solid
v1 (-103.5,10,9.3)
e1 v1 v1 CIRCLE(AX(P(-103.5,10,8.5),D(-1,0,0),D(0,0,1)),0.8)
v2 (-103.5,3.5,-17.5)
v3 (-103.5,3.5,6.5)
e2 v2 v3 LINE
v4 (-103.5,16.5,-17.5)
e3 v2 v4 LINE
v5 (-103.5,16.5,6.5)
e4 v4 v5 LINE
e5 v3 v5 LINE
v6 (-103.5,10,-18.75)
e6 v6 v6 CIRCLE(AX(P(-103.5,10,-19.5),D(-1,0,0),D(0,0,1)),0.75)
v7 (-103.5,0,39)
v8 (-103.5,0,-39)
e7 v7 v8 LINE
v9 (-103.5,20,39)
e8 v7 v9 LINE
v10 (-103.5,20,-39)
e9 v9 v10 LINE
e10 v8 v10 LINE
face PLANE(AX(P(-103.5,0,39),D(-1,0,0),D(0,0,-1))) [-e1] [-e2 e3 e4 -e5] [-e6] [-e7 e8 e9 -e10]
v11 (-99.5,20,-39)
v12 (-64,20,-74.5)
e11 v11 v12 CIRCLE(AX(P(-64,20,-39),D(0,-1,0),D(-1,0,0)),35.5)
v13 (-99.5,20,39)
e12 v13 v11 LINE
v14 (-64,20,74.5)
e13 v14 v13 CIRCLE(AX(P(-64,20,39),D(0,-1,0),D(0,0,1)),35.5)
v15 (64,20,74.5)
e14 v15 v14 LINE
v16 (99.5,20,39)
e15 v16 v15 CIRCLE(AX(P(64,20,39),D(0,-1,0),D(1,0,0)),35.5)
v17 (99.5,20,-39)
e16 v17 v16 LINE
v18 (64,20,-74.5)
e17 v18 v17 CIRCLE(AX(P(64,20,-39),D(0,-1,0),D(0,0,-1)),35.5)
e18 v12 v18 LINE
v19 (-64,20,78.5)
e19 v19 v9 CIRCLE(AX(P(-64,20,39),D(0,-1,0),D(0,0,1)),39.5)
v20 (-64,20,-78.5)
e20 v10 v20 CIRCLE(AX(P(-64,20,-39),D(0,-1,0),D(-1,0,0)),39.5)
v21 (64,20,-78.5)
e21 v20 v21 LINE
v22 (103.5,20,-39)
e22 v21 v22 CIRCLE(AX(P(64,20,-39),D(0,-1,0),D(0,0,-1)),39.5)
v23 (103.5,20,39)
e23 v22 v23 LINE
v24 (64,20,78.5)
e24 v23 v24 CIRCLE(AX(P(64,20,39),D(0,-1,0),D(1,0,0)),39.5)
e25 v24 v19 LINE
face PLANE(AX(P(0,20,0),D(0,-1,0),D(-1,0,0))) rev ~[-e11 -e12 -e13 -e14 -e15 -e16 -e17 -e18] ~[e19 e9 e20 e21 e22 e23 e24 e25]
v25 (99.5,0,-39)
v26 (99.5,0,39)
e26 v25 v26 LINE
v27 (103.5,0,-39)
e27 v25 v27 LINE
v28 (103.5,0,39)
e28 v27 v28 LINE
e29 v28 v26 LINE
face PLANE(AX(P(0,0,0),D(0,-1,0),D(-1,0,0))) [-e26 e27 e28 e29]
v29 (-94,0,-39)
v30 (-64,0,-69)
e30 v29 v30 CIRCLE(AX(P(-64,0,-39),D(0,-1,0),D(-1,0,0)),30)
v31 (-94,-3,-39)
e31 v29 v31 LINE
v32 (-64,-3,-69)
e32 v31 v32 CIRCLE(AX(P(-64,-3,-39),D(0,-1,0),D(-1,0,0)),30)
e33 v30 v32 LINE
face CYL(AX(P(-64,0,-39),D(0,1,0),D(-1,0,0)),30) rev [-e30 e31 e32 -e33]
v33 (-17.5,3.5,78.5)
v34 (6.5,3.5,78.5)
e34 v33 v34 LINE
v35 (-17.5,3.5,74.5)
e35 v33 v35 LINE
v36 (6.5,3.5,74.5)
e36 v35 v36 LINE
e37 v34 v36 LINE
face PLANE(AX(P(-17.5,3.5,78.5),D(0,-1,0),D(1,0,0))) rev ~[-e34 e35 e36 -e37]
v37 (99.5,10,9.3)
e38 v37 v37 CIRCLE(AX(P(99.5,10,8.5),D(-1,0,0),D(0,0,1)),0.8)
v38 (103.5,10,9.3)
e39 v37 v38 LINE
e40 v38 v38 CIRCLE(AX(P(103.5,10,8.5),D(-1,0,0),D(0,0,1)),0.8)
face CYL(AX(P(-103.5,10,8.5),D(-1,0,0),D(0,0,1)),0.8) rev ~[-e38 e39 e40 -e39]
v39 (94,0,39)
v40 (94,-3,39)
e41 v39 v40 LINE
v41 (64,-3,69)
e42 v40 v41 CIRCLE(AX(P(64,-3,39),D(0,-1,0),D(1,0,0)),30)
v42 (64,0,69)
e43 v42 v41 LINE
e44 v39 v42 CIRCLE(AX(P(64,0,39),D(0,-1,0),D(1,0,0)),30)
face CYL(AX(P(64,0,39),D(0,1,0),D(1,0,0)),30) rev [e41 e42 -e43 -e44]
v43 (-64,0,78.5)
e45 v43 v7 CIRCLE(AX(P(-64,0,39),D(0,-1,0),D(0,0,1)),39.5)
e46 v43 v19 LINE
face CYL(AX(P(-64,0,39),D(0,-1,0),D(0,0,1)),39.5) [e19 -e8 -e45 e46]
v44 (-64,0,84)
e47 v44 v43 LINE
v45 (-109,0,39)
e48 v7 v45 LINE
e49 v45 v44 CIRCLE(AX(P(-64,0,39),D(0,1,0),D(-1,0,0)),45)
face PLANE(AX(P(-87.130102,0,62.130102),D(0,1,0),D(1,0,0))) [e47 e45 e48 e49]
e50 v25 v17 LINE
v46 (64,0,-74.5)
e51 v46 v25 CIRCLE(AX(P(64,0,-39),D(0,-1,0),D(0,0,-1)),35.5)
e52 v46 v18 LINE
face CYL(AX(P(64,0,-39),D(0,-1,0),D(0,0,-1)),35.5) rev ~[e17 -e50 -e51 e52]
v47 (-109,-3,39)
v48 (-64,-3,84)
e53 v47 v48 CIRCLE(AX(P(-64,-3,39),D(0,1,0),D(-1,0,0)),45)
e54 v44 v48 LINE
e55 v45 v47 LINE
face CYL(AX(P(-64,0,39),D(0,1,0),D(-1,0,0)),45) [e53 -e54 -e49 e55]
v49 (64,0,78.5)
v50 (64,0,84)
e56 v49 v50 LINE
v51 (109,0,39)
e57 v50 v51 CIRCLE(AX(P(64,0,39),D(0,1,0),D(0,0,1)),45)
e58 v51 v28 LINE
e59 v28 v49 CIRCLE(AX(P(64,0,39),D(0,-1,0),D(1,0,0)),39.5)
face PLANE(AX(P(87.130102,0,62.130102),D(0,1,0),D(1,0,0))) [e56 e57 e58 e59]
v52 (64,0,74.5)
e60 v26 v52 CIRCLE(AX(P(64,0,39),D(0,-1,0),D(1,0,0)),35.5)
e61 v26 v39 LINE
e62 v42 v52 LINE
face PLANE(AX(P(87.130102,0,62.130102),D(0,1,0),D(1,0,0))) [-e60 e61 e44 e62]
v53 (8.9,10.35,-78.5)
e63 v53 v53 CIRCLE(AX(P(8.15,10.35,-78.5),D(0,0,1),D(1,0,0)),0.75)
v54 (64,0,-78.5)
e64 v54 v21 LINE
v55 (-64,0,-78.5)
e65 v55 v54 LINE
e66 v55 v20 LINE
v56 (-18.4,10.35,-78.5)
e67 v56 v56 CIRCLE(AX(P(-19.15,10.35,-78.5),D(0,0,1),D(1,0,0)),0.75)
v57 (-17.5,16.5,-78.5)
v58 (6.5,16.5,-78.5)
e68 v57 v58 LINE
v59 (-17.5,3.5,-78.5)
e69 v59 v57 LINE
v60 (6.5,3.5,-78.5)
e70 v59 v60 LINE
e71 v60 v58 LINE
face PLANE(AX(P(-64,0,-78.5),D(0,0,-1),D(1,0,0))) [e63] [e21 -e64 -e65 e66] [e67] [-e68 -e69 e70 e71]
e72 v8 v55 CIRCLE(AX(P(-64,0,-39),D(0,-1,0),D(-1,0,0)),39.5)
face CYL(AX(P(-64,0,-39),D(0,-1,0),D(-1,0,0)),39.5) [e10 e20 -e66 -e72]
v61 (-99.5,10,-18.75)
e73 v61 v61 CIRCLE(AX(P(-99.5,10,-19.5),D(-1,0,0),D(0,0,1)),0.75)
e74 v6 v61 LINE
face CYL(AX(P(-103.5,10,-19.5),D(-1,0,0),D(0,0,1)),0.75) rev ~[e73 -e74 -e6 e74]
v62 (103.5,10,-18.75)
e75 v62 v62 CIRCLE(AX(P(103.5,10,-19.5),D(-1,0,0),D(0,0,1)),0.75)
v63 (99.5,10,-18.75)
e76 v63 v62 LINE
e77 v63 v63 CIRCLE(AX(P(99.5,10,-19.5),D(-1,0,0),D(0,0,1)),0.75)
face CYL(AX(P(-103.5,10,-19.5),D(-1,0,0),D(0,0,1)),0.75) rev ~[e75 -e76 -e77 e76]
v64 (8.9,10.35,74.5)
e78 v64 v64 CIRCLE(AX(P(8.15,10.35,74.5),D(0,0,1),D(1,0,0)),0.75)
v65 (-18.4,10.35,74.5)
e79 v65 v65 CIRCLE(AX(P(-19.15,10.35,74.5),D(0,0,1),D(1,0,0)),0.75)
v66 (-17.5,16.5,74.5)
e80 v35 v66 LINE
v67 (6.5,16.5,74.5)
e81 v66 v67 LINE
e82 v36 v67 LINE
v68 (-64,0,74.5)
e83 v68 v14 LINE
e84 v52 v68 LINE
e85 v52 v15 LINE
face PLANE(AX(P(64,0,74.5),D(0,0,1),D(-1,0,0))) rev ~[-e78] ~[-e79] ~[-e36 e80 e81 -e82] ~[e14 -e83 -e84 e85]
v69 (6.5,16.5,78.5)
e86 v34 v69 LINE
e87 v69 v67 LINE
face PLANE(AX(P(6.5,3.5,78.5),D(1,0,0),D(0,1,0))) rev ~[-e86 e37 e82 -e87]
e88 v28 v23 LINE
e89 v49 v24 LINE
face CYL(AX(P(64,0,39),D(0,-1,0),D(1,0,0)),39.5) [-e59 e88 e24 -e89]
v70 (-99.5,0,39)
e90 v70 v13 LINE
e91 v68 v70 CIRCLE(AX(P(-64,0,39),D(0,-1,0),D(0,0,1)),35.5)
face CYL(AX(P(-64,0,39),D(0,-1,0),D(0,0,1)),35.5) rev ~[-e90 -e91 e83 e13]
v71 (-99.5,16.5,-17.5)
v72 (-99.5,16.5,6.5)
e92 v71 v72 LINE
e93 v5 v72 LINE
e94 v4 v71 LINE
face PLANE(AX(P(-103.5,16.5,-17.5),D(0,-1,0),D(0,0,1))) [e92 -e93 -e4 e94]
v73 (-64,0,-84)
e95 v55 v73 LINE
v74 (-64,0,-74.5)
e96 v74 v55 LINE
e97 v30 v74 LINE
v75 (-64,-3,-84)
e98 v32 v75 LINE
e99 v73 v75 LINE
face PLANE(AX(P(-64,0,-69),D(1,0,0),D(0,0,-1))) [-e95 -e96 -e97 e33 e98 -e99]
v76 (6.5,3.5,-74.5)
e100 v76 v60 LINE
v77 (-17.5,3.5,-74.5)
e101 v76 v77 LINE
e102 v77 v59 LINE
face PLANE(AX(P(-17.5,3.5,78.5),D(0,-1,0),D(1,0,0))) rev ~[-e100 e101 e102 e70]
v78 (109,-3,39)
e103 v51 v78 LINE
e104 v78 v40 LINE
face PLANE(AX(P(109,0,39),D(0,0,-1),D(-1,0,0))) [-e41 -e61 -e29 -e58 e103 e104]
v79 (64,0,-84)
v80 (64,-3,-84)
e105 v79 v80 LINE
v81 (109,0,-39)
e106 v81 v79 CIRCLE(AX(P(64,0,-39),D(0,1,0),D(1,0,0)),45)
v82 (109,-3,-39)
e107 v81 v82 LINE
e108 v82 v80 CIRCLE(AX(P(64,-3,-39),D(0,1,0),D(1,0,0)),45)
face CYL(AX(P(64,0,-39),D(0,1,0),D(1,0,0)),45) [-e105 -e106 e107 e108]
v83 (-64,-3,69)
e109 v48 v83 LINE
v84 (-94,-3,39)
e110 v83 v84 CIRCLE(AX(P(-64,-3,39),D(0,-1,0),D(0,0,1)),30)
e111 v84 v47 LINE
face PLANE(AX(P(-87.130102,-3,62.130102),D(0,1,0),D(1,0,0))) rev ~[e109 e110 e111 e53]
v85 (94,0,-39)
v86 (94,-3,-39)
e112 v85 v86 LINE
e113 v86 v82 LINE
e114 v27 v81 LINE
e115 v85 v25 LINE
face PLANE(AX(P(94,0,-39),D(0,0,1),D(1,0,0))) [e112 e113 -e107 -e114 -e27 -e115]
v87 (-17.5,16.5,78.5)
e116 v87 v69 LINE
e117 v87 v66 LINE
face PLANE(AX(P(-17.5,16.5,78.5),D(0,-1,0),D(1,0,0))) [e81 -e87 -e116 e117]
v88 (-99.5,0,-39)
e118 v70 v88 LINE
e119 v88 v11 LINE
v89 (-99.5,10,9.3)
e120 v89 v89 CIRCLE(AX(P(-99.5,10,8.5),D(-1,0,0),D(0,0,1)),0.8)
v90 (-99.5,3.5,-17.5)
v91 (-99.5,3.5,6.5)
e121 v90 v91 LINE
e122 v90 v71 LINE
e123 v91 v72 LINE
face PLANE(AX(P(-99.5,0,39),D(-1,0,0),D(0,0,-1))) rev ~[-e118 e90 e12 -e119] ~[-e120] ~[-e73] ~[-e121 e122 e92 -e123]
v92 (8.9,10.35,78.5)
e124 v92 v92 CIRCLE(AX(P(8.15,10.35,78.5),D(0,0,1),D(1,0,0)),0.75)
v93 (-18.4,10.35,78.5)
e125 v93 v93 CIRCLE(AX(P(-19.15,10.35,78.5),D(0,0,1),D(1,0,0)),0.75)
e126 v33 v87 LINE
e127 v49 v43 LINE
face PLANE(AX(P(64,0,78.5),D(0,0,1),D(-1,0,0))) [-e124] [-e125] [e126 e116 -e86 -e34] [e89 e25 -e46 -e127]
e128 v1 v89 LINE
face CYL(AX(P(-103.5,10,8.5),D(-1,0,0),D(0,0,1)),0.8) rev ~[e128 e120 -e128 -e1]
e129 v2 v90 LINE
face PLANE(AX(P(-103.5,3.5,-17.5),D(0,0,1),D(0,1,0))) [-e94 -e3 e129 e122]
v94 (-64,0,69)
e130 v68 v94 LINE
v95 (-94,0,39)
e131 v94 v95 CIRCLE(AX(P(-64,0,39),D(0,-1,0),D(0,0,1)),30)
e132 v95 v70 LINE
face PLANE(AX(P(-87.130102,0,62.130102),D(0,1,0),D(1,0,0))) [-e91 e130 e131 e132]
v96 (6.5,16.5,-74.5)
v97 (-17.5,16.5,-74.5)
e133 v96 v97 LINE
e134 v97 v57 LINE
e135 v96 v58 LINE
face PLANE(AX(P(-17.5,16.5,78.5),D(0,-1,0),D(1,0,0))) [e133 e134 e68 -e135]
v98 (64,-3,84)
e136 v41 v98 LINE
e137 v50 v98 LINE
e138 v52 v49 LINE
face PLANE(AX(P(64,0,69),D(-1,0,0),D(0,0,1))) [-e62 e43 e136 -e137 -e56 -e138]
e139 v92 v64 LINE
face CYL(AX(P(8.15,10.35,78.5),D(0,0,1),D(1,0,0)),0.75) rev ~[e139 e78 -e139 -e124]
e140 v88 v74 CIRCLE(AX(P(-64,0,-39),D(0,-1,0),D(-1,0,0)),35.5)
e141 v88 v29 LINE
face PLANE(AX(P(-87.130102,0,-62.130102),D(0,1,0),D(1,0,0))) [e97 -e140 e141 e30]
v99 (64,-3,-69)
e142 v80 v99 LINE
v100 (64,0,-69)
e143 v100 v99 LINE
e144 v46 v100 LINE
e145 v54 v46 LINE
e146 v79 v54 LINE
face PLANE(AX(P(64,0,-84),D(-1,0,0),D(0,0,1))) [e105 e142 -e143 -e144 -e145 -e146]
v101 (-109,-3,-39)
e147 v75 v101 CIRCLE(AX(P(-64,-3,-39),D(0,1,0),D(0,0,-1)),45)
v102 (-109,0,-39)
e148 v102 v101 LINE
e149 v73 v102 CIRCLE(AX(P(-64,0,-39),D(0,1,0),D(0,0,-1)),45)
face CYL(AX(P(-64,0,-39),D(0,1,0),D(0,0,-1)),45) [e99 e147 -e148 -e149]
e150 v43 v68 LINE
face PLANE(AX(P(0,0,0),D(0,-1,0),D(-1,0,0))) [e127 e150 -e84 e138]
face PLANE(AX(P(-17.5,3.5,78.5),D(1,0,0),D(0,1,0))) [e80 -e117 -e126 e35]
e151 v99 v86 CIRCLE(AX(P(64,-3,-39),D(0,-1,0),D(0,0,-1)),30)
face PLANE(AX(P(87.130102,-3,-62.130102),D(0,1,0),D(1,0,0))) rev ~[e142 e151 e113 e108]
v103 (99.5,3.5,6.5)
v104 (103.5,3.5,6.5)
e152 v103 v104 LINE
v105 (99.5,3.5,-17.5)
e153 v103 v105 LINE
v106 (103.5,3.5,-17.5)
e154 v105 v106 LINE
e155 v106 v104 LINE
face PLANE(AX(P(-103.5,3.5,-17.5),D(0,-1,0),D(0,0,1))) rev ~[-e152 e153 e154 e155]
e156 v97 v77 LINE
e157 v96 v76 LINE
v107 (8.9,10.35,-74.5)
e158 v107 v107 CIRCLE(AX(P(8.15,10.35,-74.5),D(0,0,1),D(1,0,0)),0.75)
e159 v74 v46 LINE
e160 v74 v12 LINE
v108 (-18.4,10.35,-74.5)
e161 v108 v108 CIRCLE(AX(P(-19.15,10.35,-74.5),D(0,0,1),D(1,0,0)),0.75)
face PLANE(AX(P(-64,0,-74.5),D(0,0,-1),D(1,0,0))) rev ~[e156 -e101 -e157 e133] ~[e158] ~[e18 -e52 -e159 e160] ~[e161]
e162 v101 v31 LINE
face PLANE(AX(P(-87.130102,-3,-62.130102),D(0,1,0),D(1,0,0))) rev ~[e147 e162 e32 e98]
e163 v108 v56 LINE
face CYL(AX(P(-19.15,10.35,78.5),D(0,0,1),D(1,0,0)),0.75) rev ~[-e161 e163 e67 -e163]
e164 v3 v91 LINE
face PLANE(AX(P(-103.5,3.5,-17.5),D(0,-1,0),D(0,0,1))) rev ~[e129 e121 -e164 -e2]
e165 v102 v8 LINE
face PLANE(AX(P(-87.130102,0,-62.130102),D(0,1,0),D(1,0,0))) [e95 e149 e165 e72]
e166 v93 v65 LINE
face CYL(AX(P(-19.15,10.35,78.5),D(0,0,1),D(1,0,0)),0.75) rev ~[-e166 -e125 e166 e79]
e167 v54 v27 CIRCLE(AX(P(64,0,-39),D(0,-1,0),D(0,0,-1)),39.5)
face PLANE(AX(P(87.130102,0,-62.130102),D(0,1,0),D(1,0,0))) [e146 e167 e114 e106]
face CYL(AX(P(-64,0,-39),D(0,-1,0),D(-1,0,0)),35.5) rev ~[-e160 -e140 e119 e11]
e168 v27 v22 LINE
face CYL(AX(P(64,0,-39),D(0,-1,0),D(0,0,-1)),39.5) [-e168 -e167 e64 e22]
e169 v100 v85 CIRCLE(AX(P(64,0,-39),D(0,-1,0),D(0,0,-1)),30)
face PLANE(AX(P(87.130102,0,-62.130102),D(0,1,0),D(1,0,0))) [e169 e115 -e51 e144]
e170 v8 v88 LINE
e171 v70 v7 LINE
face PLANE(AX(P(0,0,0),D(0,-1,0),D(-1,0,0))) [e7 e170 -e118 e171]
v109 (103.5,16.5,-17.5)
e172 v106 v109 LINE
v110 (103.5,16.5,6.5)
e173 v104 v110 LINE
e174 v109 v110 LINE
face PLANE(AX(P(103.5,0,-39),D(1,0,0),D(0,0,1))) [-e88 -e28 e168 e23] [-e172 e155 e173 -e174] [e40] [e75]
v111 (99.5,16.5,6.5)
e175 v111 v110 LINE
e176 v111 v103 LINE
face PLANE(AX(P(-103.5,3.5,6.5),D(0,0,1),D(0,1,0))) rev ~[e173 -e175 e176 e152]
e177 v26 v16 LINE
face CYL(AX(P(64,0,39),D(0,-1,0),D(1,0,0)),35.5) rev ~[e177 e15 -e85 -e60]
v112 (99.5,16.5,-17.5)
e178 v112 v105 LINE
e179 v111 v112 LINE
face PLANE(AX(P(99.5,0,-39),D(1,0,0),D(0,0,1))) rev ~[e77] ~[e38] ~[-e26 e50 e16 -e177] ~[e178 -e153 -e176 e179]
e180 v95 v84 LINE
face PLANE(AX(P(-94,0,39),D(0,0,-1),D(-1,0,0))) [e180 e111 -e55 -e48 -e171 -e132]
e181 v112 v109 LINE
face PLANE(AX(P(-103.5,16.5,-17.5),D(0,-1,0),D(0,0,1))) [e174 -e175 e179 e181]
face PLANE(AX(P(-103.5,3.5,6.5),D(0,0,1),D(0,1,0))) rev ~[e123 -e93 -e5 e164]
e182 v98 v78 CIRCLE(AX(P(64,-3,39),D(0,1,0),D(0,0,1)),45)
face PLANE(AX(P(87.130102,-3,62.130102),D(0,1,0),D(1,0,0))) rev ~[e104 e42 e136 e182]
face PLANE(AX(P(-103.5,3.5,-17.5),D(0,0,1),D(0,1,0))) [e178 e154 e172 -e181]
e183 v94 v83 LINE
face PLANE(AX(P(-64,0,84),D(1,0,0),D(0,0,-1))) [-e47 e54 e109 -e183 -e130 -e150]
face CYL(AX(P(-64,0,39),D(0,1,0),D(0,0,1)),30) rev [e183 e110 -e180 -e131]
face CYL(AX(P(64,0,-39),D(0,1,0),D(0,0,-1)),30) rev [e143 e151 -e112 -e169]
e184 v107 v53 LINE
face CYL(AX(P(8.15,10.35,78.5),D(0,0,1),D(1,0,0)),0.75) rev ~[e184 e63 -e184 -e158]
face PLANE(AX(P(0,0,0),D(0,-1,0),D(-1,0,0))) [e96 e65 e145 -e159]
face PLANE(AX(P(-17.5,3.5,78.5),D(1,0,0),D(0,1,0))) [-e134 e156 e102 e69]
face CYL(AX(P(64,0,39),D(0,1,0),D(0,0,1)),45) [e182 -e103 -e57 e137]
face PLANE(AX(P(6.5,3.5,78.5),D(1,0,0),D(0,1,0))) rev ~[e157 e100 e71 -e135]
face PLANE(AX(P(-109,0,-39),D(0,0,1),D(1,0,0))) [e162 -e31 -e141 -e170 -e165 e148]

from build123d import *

# Parameters (mm, degrees)
BOSS_EXTRUDE1_DEPTH   = 3
BOSS_EXTRUDE1_2_DEPTH = 3
BOSS_EXTRUDE1_3_DEPTH = 3
BOSS_EXTRUDE1_4_DEPTH = 3
BOSS_EXTRUDE2_DEPTH   = 20
SKETCH3_W             = 24
SKETCH3_H             = 13
SKETCH3_R             = 6
SKETCH3_R_2           = 0.75
SKETCH3_R_3           = 0.8
CUT_EXTRUDE1_DEPTH    = 207
SKETCH4_W             = 24
SKETCH4_H             = 13
SKETCH4_R             = 6
SKETCH4_R_2           = 0.75
CUT_EXTRUDE3_DEPTH    = 157


with BuildPart() as part:
    # Sketch1 → Boss-Extrude1 (new body)
    with BuildSketch(Plane(origin=(0, 0, 0), x_dir=(1, 0, 0), z_dir=(0, 1, 0))):
        with BuildLine():
            ThreePointArc((-64, 84), (-95.819805153, 70.819805153), (-109, 39))
            Line((-109, 39), (-94, 39))
            ThreePointArc((-94, 39), (-85.213203436, 60.213203436), (-64, 69))
            Line((-64, 69), (-64, 84))
        make_face()
    extrude(amount=-BOSS_EXTRUDE1_DEPTH)



with BuildPart() as body_2:
    # Sketch1 → Boss-Extrude1 2 (new body)
    with BuildSketch(Plane(origin=(0, 0, 0), x_dir=(1, 0, 0), z_dir=(0, 1, 0))):
        with BuildLine():
            ThreePointArc((109, 39), (95.819805153, 70.819805153), (64, 84))
            Line((64, 84), (64, 69))
            ThreePointArc((64, 69), (85.213203436, 60.213203436), (94, 39))
            Line((94, 39), (109, 39))
        make_face()
    extrude(amount=-BOSS_EXTRUDE1_2_DEPTH)


with BuildPart() as body_3:
    # Sketch1 → Boss-Extrude1 3 (new body)
    with BuildSketch(Plane(origin=(0, 0, 0), x_dir=(1, 0, 0), z_dir=(0, 1, 0))):
        with BuildLine():
            ThreePointArc((-109, -39), (-95.819805153, -70.819805153), (-64, -84))
            Line((-64, -84), (-64, -69))
            ThreePointArc((-64, -69), (-85.213203436, -60.213203436), (-94, -39))
            Line((-94, -39), (-109, -39))
        make_face()
    extrude(amount=-BOSS_EXTRUDE1_3_DEPTH)


with BuildPart() as body_4:
    # Sketch1 → Boss-Extrude1 4 (new body)
    with BuildSketch(Plane(origin=(0, 0, 0), x_dir=(1, 0, 0), z_dir=(0, 1, 0))):
        with BuildLine():
            ThreePointArc((64, -84), (95.819805153, -70.819805153), (109, -39))
            Line((109, -39), (94, -39))
            ThreePointArc((94, -39), (85.213203436, -60.213203436), (64, -69))
            Line((64, -69), (64, -84))
        make_face()
    extrude(amount=-BOSS_EXTRUDE1_4_DEPTH)


with BuildPart() as part_1:
    add(part.part)

    add(body_2.part)  # Boss-Extrude2 merges body 2

    add(body_3.part)  # Boss-Extrude2 merges body 3

    add(body_4.part)  # Boss-Extrude2 merges body 4
    # Sketch1<6> → Boss-Extrude2 (add)
    with BuildSketch(Plane(origin=(0, 0, 0), x_dir=(1, 0, 0), z_dir=(0, 1, 0))):
        with BuildLine():
            Line((-64, 78.5), (64, 78.5))
            ThreePointArc((64, 78.5), (91.930717857, 66.930717857), (103.5, 39))
            Line((103.5, 39), (103.5, -39))
            ThreePointArc((103.5, -39), (91.930717857, -66.930717857), (64, -78.5))
            Line((64, -78.5), (-64, -78.5))
            ThreePointArc((-64, -78.5), (-91.930717857, -66.930717857), (-103.5, -39))
            Line((-103.5, -39), (-103.5, 39))
            ThreePointArc((-103.5, 39), (-91.930717857, 66.930717857), (-64, 78.5))
        make_face()
        with BuildLine():
            Line((-64, 74.5), (64, 74.5))
            ThreePointArc((64, 74.5), (89.102290732, 64.102290732), (99.5, 39))
            Line((99.5, 39), (99.5, -39))
            ThreePointArc((99.5, -39), (89.102290732, -64.102290732), (64, -74.5))
            Line((64, -74.5), (-64, -74.5))
            ThreePointArc((-64, -74.5), (-89.102290732, -64.102290732), (-99.5, -39))
            Line((-99.5, -39), (-99.5, 39))
            ThreePointArc((-99.5, 39), (-89.102290732, 64.102290732), (-64, 74.5))
        make_face(mode=Mode.SUBTRACT)
    extrude(amount=BOSS_EXTRUDE2_DEPTH)

    # Sketch3 → Cut-Extrude1 (cut)
    with BuildSketch(Plane.ZY.offset(103.5)):
        with Locations((-5.5, 10)):
            Rectangle(SKETCH3_W, SKETCH3_H)
        with Locations((0, 10)):
            Circle(SKETCH3_R, mode=Mode.SUBTRACT)
        with Locations((-19.5, 10)):
            Circle(SKETCH3_R_2)
        with Locations((0, 10)):
            Circle(SKETCH3_R)
        with Locations((8.5, 10)):
            Circle(SKETCH3_R_3)
    extrude(amount=-CUT_EXTRUDE1_DEPTH, mode=Mode.SUBTRACT)

    # Sketch4 → Cut-Extrude3 (cut)
    with BuildSketch(Plane.XY.offset(78.5)):
        with Locations((-5.5, 10)):
            Rectangle(SKETCH4_W, SKETCH4_H)
        with Locations((0, 10)):
            Circle(SKETCH4_R, mode=Mode.SUBTRACT)
        with Locations((-19.15, 10.35)):
            Circle(SKETCH4_R_2)
        with Locations((8.15, 10.35)):
            Circle(SKETCH4_R_2)
        with Locations((0, 10)):
            Circle(SKETCH4_R)
    extrude(amount=-CUT_EXTRUDE3_DEPTH, mode=Mode.SUBTRACT)


solid = part_1.part
